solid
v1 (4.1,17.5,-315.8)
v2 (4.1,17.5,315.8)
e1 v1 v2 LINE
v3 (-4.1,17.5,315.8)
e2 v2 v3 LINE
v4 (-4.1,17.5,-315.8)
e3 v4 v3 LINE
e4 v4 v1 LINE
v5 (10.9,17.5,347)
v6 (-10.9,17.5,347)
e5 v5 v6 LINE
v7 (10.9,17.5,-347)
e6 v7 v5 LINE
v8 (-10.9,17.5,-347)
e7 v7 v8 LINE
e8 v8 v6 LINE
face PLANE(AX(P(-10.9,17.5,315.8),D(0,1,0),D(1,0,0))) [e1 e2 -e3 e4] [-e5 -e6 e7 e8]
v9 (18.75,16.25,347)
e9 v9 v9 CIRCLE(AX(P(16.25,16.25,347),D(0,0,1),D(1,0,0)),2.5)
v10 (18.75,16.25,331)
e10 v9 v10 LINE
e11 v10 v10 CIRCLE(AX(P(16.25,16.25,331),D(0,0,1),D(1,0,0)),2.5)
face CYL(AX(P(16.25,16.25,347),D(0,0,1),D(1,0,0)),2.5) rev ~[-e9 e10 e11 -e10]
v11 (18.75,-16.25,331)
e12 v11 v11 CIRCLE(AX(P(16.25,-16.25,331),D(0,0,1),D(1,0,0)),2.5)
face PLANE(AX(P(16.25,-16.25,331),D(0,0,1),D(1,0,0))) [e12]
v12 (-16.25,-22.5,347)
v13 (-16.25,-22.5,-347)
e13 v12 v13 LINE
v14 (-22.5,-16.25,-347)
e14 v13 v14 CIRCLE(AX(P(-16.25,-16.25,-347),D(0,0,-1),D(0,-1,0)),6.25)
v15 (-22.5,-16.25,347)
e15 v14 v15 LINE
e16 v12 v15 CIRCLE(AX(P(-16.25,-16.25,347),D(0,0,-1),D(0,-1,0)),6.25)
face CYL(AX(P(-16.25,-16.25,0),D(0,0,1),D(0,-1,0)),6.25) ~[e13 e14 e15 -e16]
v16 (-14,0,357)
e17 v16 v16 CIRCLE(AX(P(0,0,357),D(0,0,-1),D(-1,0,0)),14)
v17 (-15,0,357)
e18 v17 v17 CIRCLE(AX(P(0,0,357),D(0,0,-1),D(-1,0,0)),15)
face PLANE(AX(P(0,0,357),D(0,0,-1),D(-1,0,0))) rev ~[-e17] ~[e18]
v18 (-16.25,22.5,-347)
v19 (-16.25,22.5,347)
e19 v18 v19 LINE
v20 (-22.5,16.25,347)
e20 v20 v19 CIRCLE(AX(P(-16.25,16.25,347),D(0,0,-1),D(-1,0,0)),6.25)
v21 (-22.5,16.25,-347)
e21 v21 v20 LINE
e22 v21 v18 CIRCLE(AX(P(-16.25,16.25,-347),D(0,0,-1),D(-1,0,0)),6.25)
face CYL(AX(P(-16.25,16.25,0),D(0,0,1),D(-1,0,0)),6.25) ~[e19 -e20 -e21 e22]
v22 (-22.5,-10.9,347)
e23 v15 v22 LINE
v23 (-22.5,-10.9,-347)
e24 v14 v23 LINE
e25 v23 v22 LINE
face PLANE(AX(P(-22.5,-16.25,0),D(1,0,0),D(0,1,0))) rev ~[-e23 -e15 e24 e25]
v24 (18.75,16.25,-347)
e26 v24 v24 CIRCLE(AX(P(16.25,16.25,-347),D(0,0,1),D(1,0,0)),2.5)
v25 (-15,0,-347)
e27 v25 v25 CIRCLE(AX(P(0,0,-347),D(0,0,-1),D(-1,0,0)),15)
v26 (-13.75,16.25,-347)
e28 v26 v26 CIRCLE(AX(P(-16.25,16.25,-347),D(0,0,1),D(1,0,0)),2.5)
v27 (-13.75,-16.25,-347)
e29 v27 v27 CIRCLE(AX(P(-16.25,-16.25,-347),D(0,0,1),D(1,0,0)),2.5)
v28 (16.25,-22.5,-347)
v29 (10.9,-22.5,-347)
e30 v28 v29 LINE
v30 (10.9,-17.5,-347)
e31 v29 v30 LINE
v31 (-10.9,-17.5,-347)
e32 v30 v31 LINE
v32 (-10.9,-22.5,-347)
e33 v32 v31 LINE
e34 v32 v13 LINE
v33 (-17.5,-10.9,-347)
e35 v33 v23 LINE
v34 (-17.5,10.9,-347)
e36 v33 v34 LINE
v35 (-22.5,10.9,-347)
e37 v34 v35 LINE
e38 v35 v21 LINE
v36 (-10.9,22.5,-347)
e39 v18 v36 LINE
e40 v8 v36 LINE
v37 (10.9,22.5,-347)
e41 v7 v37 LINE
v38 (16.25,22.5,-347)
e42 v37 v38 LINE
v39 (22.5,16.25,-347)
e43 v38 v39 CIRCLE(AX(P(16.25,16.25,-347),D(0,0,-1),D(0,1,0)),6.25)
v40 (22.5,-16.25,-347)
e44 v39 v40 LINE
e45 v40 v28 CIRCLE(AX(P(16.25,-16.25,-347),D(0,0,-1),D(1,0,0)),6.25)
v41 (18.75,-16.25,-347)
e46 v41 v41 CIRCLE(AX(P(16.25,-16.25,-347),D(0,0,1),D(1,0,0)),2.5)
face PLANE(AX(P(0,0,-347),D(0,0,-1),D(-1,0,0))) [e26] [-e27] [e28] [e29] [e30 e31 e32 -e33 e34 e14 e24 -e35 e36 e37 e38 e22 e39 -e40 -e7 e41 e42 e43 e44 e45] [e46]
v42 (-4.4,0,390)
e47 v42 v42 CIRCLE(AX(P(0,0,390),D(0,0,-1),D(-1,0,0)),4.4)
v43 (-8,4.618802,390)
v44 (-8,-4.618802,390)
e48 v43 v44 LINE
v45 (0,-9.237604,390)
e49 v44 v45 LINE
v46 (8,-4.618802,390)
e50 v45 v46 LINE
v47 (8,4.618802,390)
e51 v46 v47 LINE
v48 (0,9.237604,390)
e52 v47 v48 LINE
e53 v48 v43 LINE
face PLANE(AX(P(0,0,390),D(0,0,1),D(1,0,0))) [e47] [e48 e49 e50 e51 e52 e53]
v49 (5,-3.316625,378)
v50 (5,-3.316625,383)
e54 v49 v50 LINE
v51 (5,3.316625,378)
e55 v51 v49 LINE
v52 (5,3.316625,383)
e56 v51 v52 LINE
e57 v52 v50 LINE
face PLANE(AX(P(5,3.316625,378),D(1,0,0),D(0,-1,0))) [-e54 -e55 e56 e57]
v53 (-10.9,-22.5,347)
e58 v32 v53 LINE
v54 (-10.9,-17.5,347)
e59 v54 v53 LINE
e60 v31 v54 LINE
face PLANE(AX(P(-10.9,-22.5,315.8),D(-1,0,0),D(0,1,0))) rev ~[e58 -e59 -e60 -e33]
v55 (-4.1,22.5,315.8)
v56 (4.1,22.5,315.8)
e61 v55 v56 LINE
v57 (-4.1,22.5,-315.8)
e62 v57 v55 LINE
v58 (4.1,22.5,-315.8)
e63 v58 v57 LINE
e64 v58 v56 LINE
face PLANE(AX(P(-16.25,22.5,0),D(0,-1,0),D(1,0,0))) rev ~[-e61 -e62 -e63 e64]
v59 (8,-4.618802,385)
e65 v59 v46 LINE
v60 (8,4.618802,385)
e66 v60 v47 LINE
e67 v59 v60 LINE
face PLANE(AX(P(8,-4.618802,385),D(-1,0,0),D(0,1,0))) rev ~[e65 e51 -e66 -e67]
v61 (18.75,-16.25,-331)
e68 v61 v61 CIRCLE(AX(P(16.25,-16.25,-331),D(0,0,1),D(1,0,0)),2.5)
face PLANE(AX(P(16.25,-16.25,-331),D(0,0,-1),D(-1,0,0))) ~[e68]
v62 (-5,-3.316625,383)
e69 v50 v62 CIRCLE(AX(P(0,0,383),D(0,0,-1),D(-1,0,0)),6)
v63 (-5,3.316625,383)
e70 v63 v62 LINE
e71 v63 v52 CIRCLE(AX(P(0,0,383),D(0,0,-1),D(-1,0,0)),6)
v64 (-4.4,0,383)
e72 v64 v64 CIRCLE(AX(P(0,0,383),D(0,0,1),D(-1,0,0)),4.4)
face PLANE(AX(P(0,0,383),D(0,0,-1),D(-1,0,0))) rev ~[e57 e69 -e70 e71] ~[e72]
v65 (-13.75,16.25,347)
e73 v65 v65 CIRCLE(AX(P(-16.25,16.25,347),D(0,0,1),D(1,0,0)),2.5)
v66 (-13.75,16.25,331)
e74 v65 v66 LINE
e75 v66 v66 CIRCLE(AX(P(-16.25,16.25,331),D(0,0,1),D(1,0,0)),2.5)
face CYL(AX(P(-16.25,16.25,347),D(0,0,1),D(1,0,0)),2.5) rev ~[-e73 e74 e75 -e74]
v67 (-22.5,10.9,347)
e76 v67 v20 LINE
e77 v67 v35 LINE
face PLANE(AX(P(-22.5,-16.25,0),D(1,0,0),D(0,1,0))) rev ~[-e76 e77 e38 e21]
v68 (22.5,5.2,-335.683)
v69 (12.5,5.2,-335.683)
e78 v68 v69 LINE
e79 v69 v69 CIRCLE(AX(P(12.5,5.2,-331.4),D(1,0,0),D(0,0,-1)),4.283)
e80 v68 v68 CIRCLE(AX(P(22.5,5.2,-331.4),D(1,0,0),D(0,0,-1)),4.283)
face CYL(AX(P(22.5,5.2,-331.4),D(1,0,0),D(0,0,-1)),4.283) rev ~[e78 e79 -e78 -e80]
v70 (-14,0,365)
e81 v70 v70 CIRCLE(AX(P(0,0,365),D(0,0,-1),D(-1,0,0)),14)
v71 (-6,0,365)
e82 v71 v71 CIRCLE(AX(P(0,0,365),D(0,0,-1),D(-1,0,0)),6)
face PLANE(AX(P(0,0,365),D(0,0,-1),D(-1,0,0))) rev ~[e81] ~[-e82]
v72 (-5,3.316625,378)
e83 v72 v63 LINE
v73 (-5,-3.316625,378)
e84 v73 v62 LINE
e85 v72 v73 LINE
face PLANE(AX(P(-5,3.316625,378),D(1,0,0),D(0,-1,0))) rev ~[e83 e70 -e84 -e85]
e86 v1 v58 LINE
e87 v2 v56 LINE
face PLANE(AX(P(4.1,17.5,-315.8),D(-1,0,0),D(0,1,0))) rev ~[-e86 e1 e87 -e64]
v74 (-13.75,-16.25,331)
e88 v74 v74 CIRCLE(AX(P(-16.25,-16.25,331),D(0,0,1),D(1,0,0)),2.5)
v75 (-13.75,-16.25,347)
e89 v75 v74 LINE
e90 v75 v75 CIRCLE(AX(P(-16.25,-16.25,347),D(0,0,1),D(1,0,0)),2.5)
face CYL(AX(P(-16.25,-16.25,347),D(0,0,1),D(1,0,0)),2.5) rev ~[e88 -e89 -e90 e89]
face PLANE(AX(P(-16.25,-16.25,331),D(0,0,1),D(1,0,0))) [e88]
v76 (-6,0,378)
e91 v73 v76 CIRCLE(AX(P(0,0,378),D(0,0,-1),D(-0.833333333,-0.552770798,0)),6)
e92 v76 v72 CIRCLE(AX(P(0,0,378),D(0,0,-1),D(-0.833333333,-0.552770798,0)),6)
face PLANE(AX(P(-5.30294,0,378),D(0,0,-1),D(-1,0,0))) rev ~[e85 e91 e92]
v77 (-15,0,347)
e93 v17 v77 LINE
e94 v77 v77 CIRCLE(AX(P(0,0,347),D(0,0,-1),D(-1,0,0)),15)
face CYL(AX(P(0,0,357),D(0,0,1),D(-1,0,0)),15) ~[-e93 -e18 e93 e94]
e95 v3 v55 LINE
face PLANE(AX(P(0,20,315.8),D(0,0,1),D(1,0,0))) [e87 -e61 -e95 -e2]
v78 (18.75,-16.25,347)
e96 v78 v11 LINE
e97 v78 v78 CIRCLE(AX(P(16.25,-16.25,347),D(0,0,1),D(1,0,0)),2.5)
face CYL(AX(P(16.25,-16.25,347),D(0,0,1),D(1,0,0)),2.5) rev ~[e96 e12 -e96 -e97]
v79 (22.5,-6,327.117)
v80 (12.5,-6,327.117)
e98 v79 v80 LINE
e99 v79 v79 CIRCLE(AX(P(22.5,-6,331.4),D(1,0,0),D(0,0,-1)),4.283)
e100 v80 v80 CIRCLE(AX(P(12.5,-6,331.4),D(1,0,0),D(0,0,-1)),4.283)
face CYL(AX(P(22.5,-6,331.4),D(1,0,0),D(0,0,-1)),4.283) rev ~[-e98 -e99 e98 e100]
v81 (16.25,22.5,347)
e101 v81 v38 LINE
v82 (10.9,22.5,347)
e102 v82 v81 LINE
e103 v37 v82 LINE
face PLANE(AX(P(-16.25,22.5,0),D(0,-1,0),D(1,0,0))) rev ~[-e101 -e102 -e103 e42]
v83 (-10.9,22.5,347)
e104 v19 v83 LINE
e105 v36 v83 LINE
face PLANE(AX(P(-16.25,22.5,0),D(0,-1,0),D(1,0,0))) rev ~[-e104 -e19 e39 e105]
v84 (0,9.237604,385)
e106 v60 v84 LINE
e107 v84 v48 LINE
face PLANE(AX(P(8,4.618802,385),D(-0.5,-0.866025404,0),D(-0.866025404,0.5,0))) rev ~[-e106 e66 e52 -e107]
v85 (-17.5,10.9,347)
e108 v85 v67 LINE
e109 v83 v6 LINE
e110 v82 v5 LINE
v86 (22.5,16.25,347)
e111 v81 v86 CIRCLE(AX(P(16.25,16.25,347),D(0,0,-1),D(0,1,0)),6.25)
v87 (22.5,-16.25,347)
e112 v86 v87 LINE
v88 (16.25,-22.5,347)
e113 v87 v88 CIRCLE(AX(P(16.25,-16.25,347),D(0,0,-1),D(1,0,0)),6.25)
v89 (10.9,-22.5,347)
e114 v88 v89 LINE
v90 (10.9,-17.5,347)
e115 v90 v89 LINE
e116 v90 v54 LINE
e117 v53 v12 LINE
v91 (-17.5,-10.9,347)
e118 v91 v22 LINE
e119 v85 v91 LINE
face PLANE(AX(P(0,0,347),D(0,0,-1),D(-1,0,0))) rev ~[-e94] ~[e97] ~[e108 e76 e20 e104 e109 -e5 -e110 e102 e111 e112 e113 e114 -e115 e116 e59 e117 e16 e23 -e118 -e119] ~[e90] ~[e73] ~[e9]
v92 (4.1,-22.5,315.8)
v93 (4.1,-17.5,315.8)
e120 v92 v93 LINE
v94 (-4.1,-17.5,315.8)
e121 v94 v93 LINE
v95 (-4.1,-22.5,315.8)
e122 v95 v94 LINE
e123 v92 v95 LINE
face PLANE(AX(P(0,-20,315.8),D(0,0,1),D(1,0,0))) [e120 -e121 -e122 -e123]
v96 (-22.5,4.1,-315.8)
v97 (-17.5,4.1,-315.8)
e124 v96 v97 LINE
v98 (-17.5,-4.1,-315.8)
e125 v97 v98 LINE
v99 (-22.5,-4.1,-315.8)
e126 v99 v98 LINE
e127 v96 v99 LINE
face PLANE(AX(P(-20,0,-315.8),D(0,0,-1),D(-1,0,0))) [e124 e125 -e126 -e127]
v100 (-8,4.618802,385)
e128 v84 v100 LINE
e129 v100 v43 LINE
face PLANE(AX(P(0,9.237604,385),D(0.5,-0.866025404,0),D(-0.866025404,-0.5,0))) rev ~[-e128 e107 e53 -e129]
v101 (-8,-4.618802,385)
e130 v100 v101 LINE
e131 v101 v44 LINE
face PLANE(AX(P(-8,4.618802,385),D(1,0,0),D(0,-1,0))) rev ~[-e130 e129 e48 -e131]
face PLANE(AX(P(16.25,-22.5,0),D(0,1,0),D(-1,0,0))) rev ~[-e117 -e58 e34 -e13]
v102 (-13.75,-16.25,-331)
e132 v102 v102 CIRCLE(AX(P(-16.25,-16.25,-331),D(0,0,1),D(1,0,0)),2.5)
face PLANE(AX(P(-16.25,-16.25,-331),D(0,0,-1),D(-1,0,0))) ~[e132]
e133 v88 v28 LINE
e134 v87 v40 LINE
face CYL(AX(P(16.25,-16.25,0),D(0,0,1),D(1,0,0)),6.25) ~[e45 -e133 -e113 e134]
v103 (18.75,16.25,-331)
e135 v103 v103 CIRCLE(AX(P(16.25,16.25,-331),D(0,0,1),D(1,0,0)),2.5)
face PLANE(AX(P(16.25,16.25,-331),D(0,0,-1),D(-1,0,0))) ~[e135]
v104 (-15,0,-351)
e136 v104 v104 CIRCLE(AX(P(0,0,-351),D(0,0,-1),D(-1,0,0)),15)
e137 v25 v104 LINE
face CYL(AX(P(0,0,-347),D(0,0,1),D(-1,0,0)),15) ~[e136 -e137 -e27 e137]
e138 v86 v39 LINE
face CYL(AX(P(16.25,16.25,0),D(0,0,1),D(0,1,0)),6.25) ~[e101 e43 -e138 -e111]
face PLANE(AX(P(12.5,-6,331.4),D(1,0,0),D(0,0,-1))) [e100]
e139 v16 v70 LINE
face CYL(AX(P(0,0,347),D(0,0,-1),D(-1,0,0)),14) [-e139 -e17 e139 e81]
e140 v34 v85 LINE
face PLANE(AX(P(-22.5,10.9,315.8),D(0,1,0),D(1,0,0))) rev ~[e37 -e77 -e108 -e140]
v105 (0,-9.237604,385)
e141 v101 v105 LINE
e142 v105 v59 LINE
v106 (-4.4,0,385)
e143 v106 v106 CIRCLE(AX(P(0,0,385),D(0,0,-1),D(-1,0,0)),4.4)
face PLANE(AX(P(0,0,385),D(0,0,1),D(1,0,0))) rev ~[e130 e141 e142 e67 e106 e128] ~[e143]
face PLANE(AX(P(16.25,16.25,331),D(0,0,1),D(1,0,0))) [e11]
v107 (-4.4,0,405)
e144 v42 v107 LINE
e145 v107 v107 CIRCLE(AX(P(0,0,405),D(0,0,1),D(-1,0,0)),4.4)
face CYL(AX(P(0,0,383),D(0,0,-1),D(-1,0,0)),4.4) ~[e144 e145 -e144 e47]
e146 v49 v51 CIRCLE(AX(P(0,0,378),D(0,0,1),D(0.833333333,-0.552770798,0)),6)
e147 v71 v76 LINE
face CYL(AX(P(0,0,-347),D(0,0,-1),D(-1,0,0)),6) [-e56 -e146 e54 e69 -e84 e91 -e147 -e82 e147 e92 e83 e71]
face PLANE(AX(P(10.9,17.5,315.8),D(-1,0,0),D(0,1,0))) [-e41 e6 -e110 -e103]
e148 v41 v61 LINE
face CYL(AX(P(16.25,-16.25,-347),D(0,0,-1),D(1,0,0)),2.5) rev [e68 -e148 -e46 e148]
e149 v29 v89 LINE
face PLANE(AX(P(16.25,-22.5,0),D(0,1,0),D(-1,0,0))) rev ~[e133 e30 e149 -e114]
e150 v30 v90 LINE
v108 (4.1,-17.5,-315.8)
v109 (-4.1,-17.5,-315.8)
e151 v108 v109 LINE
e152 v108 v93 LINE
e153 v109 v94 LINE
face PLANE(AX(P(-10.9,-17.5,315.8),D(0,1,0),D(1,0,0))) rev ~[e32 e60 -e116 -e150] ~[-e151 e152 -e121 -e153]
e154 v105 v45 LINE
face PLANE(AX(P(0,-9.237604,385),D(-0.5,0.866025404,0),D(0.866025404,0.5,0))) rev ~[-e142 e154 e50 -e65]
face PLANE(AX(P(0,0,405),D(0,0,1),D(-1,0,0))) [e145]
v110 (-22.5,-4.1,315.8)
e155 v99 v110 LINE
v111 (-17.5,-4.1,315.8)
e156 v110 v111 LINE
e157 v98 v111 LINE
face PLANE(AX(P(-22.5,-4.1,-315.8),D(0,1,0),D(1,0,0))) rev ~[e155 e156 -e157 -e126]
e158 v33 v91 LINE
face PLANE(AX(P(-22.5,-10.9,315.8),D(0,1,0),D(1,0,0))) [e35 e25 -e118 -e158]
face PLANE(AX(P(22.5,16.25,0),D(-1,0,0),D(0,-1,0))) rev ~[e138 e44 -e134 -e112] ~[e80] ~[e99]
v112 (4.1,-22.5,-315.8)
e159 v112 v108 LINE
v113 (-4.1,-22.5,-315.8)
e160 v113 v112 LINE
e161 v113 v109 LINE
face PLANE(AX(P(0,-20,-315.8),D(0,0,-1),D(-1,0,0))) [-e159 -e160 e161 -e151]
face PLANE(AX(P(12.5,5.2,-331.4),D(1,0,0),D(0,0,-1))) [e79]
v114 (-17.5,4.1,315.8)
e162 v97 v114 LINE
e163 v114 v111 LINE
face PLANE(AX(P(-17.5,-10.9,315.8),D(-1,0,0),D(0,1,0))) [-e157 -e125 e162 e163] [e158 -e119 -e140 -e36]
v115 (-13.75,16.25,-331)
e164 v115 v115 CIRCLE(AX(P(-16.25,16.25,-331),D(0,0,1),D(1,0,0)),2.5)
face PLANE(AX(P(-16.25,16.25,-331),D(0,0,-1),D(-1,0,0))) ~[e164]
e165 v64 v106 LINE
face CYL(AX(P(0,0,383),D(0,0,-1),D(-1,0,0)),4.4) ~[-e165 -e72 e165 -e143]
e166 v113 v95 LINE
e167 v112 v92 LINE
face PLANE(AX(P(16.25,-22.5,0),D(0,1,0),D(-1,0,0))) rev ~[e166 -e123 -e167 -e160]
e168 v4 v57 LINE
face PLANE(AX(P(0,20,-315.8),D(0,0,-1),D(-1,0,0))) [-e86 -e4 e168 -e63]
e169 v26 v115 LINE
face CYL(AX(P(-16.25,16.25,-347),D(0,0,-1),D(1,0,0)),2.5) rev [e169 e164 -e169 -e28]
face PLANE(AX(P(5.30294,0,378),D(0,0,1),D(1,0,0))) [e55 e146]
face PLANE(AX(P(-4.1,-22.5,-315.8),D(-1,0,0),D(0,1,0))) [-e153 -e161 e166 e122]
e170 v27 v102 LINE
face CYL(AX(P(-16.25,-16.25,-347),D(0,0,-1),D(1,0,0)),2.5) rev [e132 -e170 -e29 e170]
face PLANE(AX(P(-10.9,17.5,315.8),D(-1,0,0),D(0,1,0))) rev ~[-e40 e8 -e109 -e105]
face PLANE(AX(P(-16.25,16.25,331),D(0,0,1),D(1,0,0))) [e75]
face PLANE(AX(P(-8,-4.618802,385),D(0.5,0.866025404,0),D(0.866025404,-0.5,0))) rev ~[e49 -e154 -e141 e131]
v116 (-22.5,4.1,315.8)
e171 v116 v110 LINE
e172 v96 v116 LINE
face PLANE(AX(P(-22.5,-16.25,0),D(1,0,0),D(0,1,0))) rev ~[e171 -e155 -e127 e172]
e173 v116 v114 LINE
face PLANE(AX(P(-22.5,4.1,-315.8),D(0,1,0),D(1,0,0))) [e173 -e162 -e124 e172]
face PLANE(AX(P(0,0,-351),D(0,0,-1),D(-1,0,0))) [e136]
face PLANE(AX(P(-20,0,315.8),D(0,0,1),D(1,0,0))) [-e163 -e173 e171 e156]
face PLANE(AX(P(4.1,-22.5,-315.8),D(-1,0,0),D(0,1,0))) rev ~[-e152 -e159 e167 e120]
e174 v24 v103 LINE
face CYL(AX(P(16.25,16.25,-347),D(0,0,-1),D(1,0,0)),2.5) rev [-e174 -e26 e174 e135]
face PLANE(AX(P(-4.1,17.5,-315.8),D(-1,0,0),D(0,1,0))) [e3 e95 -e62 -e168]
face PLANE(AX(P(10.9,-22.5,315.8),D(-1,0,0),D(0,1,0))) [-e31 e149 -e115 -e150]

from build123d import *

# Parameters (mm, degrees)
BODY_DEPTH         = 347
SK_FRONT_TAPS_R    = 2.5
FRONT_TAPS_DEPTH   = 16
SK_PORTS_R         = 4.283
PORTS_DEPTH        = 10
SK_BACK_PLATE_R    = 15
BACK_PLATE_DEPTH   = 4
FRONT_START        = -10
SK_FRONT_PLATE_R   = 15
FRONT_PLATE_DEPTH  = 10
SK_ROD_HOLDER_R    = 14
ROD_HOLDER_DEPTH   = 18
SK_ROD_R           = 6
ROD_DEPTH          = 730
SK_ROD_THREAD_R    = 4.4
ROD_THREAD_DEPTH   = 22
ROD_START          = -5
ROD_FLATS_DEPTH    = 5
SENSOR_START       = -631.6
SK_SENSOR_SLOT_W   = 6.8
SK_SENSOR_SLOT_H   = 5
SK_SENSOR_SLOT_W_2 = 5
SK_SENSOR_SLOT_H_2 = 6.8
SENSOR_SLOT_DEPTH  = 631.6
FRONT_CUT_REACH    = 669.559
SK_FRONT_CUT_W     = 21.8
SK_FRONT_CUT_H     = 5
SK_FRONT_CUT_W_2   = 5
SK_FRONT_CUT_H_2   = 21.8
BACK_CUT_REACH     = 723.502
SK_BACK_CUT_W      = 21.8
SK_BACK_CUT_H      = 5
SK_BACK_CUT_W_2    = 5
SK_BACK_CUT_H_2    = 21.8
ROD_NUT_DEPTH      = 5


with BuildPart() as part:
    # sk Body → Body (new, symmetric)
    with BuildSketch(Plane.XY):
        with BuildLine():
            Line((-16.25, 22.5), (16.25, 22.5))
            ThreePointArc((16.25, 22.5), (20.669417382, 20.669417382), (22.5, 16.25))
            Line((22.5, 16.25), (22.5, -16.25))
            ThreePointArc((22.5, -16.25), (20.669417382, -20.669417382), (16.25, -22.5))
            Line((16.25, -22.5), (-16.25, -22.5))
            ThreePointArc((-16.25, -22.5), (-20.669417382, -20.669417382), (-22.5, -16.25))
            Line((-22.5, -16.25), (-22.5, 16.25))
            ThreePointArc((-22.5, 16.25), (-20.669417382, 20.669417382), (-16.25, 22.5))
        make_face()
    extrude(amount=BODY_DEPTH, both=True)

    # sk Front Taps → Front Taps (cut)
    with BuildSketch(Plane.XY.offset(347)):
        with Locations((16.25, 16.25)):
            Circle(SK_FRONT_TAPS_R)
        with Locations((-16.25, 16.25)):
            Circle(SK_FRONT_TAPS_R)
        with Locations((-16.25, -16.25)):
            Circle(SK_FRONT_TAPS_R)
        with Locations((16.25, -16.25)):
            Circle(SK_FRONT_TAPS_R)
    front_taps = extrude(amount=-FRONT_TAPS_DEPTH, mode=Mode.SUBTRACT)

    # Back Taps: Front Taps across plane
    add(front_taps.mirror(Plane.XY), mode=Mode.SUBTRACT)

    # sk Ports → Ports (cut)
    with BuildSketch(Plane(origin=(22.5, 0, 0), x_dir=(0, 0, -1), z_dir=(1, 0, 0))):
        with Locations((-331.4, -6)):
            Circle(SK_PORTS_R)
        with Locations((331.4, 5.2)):
            Circle(SK_PORTS_R)
    extrude(amount=-PORTS_DEPTH, mode=Mode.SUBTRACT)

    # sk Back Plate → Back Plate (add)
    with BuildSketch(Plane(origin=(0, 0, -347), x_dir=(-1, 0, 0), z_dir=(0, 0, -1))):
        Circle(SK_BACK_PLATE_R)
    extrude(amount=BACK_PLATE_DEPTH)

    # sk Front Plate → Front Plate (add)
    with BuildSketch(Plane(origin=(0, 0, 347), x_dir=(-1, 0, 0), z_dir=(0, 0, -1)).offset(FRONT_START)):
        Circle(SK_FRONT_PLATE_R)
    extrude(amount=FRONT_PLATE_DEPTH)

    # sk Rod Holder → Rod Holder (add)
    with BuildSketch(Plane(origin=(0, 0, 347), x_dir=(-1, 0, 0), z_dir=(0, 0, -1))):
        Circle(SK_ROD_HOLDER_R)
    extrude(amount=-ROD_HOLDER_DEPTH)

    # sk Rod → Rod (add)
    with BuildSketch(Plane(origin=(0, 0, -347), x_dir=(-1, 0, 0), z_dir=(0, 0, -1))):
        Circle(SK_ROD_R)
    extrude(amount=-ROD_DEPTH)

    # sk Rod Thread → Rod Thread (add)
    with BuildSketch(Plane.XY.offset(383)):
        with Locations(Location((0, 0, 0), (0, 0, 180))):
            Circle(SK_ROD_THREAD_R)
    extrude(amount=ROD_THREAD_DEPTH)

    # sk Rod Flats → Rod Flats (cut)
    with BuildSketch(Plane.XY.offset(383).offset(ROD_START)):
        with BuildLine():
            Line((-5, 3.31662479), (-5, -3.31662479))
            ThreePointArc((-5, -3.31662479), (-6, 0), (-5, 3.31662479))
        make_face()
        with BuildLine():
            Line((5, 3.31662479), (5, -3.31662479))
            ThreePointArc((5, -3.31662479), (6, 0), (5, 3.31662479))
        make_face()
    extrude(amount=ROD_FLATS_DEPTH, mode=Mode.SUBTRACT)

    # sk Sensor Slot → Sensor Slot (cut)
    with BuildSketch(Plane.XY.offset(315.8).offset(SENSOR_START)):
        with Locations((-7.5, 20)):
            Rectangle(SK_SENSOR_SLOT_W, SK_SENSOR_SLOT_H)
        with Locations((7.5, 20)):
            Rectangle(SK_SENSOR_SLOT_W, SK_SENSOR_SLOT_H)
        with Locations((7.5, -20)):
            Rectangle(SK_SENSOR_SLOT_W, SK_SENSOR_SLOT_H)
        with Locations((-7.5, -20)):
            Rectangle(SK_SENSOR_SLOT_W, SK_SENSOR_SLOT_H)
        with Locations((-20, -7.5)):
            Rectangle(SK_SENSOR_SLOT_W_2, SK_SENSOR_SLOT_H_2)
        with Locations((-20, 7.5)):
            Rectangle(SK_SENSOR_SLOT_W_2, SK_SENSOR_SLOT_H_2)
    extrude(amount=SENSOR_SLOT_DEPTH, mode=Mode.SUBTRACT)

    # sk Front Cut → Front Cut (cut, up to next)
    with BuildSketch(Plane.XY.offset(315.8), mode=Mode.PRIVATE) as front_cut_sk1:
        with Locations((0, 20)):
            Rectangle(SK_FRONT_CUT_W, SK_FRONT_CUT_H)
    front_cut_tool1 = extrude(front_cut_sk1.sketch, amount=FRONT_CUT_REACH, mode=Mode.PRIVATE) & part.part
    # sk Front Cut → Front Cut (cut, up to next)
    with BuildSketch(Plane.XY.offset(315.8), mode=Mode.PRIVATE) as front_cut_sk2:
        with Locations((-20, 0)):
            Rectangle(SK_FRONT_CUT_W_2, SK_FRONT_CUT_H_2)
    front_cut_tool2 = extrude(front_cut_sk2.sketch, amount=FRONT_CUT_REACH, mode=Mode.PRIVATE) & part.part
    # sk Front Cut → Front Cut (cut, up to next)
    with BuildSketch(Plane.XY.offset(315.8), mode=Mode.PRIVATE) as front_cut_sk3:
        with Locations((0, -20)):
            Rectangle(SK_FRONT_CUT_W, SK_FRONT_CUT_H)
    front_cut_tool3 = extrude(front_cut_sk3.sketch, amount=FRONT_CUT_REACH, mode=Mode.PRIVATE) & part.part
    add(front_cut_tool1.solids().sort_by_distance((0, 20, 315.8))[0], mode=Mode.SUBTRACT)
    add(front_cut_tool2.solids().sort_by_distance((-20, 0, 315.8))[0], mode=Mode.SUBTRACT)
    add(front_cut_tool3.solids().sort_by_distance((0, -20, 315.8))[0], mode=Mode.SUBTRACT)

    # sk Back Cut → Back Cut (cut, up to next)
    with BuildSketch(Plane(origin=(0, 0, -315.8), x_dir=(-1, 0, 0), z_dir=(0, 0, -1)), mode=Mode.PRIVATE) as back_cut_sk1:
        with Locations((0, 20)):
            Rectangle(SK_BACK_CUT_W, SK_BACK_CUT_H)
    back_cut_tool1 = extrude(back_cut_sk1.sketch, amount=BACK_CUT_REACH, mode=Mode.PRIVATE) & part.part
    # sk Back Cut → Back Cut (cut, up to next)
    with BuildSketch(Plane(origin=(0, 0, -315.8), x_dir=(-1, 0, 0), z_dir=(0, 0, -1)), mode=Mode.PRIVATE) as back_cut_sk2:
        with Locations((20, 0)):
            Rectangle(SK_BACK_CUT_W_2, SK_BACK_CUT_H_2)
    back_cut_tool2 = extrude(back_cut_sk2.sketch, amount=BACK_CUT_REACH, mode=Mode.PRIVATE) & part.part
    # sk Back Cut → Back Cut (cut, up to next)
    with BuildSketch(Plane(origin=(0, 0, -315.8), x_dir=(-1, 0, 0), z_dir=(0, 0, -1)), mode=Mode.PRIVATE) as back_cut_sk3:
        with Locations((0, -20)):
            Rectangle(SK_BACK_CUT_W, SK_BACK_CUT_H)
    back_cut_tool3 = extrude(back_cut_sk3.sketch, amount=BACK_CUT_REACH, mode=Mode.PRIVATE) & part.part
    add(back_cut_tool1.solids().sort_by_distance((0, 20, -315.8))[0], mode=Mode.SUBTRACT)
    add(back_cut_tool2.solids().sort_by_distance((-20, 0, -315.8))[0], mode=Mode.SUBTRACT)
    add(back_cut_tool3.solids().sort_by_distance((0, -20, -315.8))[0], mode=Mode.SUBTRACT)

    # sk Rod Nut → Rod Nut (add)
    with BuildSketch(Plane.XY.offset(385)):
        Polygon((0, -9.237604307), (8, -4.618802154), (8, 4.618802154), (0, 9.237604307), (-8, 4.618802154), (-8, -4.618802154), align=None)
    extrude(amount=ROD_NUT_DEPTH)


solid = part.part
